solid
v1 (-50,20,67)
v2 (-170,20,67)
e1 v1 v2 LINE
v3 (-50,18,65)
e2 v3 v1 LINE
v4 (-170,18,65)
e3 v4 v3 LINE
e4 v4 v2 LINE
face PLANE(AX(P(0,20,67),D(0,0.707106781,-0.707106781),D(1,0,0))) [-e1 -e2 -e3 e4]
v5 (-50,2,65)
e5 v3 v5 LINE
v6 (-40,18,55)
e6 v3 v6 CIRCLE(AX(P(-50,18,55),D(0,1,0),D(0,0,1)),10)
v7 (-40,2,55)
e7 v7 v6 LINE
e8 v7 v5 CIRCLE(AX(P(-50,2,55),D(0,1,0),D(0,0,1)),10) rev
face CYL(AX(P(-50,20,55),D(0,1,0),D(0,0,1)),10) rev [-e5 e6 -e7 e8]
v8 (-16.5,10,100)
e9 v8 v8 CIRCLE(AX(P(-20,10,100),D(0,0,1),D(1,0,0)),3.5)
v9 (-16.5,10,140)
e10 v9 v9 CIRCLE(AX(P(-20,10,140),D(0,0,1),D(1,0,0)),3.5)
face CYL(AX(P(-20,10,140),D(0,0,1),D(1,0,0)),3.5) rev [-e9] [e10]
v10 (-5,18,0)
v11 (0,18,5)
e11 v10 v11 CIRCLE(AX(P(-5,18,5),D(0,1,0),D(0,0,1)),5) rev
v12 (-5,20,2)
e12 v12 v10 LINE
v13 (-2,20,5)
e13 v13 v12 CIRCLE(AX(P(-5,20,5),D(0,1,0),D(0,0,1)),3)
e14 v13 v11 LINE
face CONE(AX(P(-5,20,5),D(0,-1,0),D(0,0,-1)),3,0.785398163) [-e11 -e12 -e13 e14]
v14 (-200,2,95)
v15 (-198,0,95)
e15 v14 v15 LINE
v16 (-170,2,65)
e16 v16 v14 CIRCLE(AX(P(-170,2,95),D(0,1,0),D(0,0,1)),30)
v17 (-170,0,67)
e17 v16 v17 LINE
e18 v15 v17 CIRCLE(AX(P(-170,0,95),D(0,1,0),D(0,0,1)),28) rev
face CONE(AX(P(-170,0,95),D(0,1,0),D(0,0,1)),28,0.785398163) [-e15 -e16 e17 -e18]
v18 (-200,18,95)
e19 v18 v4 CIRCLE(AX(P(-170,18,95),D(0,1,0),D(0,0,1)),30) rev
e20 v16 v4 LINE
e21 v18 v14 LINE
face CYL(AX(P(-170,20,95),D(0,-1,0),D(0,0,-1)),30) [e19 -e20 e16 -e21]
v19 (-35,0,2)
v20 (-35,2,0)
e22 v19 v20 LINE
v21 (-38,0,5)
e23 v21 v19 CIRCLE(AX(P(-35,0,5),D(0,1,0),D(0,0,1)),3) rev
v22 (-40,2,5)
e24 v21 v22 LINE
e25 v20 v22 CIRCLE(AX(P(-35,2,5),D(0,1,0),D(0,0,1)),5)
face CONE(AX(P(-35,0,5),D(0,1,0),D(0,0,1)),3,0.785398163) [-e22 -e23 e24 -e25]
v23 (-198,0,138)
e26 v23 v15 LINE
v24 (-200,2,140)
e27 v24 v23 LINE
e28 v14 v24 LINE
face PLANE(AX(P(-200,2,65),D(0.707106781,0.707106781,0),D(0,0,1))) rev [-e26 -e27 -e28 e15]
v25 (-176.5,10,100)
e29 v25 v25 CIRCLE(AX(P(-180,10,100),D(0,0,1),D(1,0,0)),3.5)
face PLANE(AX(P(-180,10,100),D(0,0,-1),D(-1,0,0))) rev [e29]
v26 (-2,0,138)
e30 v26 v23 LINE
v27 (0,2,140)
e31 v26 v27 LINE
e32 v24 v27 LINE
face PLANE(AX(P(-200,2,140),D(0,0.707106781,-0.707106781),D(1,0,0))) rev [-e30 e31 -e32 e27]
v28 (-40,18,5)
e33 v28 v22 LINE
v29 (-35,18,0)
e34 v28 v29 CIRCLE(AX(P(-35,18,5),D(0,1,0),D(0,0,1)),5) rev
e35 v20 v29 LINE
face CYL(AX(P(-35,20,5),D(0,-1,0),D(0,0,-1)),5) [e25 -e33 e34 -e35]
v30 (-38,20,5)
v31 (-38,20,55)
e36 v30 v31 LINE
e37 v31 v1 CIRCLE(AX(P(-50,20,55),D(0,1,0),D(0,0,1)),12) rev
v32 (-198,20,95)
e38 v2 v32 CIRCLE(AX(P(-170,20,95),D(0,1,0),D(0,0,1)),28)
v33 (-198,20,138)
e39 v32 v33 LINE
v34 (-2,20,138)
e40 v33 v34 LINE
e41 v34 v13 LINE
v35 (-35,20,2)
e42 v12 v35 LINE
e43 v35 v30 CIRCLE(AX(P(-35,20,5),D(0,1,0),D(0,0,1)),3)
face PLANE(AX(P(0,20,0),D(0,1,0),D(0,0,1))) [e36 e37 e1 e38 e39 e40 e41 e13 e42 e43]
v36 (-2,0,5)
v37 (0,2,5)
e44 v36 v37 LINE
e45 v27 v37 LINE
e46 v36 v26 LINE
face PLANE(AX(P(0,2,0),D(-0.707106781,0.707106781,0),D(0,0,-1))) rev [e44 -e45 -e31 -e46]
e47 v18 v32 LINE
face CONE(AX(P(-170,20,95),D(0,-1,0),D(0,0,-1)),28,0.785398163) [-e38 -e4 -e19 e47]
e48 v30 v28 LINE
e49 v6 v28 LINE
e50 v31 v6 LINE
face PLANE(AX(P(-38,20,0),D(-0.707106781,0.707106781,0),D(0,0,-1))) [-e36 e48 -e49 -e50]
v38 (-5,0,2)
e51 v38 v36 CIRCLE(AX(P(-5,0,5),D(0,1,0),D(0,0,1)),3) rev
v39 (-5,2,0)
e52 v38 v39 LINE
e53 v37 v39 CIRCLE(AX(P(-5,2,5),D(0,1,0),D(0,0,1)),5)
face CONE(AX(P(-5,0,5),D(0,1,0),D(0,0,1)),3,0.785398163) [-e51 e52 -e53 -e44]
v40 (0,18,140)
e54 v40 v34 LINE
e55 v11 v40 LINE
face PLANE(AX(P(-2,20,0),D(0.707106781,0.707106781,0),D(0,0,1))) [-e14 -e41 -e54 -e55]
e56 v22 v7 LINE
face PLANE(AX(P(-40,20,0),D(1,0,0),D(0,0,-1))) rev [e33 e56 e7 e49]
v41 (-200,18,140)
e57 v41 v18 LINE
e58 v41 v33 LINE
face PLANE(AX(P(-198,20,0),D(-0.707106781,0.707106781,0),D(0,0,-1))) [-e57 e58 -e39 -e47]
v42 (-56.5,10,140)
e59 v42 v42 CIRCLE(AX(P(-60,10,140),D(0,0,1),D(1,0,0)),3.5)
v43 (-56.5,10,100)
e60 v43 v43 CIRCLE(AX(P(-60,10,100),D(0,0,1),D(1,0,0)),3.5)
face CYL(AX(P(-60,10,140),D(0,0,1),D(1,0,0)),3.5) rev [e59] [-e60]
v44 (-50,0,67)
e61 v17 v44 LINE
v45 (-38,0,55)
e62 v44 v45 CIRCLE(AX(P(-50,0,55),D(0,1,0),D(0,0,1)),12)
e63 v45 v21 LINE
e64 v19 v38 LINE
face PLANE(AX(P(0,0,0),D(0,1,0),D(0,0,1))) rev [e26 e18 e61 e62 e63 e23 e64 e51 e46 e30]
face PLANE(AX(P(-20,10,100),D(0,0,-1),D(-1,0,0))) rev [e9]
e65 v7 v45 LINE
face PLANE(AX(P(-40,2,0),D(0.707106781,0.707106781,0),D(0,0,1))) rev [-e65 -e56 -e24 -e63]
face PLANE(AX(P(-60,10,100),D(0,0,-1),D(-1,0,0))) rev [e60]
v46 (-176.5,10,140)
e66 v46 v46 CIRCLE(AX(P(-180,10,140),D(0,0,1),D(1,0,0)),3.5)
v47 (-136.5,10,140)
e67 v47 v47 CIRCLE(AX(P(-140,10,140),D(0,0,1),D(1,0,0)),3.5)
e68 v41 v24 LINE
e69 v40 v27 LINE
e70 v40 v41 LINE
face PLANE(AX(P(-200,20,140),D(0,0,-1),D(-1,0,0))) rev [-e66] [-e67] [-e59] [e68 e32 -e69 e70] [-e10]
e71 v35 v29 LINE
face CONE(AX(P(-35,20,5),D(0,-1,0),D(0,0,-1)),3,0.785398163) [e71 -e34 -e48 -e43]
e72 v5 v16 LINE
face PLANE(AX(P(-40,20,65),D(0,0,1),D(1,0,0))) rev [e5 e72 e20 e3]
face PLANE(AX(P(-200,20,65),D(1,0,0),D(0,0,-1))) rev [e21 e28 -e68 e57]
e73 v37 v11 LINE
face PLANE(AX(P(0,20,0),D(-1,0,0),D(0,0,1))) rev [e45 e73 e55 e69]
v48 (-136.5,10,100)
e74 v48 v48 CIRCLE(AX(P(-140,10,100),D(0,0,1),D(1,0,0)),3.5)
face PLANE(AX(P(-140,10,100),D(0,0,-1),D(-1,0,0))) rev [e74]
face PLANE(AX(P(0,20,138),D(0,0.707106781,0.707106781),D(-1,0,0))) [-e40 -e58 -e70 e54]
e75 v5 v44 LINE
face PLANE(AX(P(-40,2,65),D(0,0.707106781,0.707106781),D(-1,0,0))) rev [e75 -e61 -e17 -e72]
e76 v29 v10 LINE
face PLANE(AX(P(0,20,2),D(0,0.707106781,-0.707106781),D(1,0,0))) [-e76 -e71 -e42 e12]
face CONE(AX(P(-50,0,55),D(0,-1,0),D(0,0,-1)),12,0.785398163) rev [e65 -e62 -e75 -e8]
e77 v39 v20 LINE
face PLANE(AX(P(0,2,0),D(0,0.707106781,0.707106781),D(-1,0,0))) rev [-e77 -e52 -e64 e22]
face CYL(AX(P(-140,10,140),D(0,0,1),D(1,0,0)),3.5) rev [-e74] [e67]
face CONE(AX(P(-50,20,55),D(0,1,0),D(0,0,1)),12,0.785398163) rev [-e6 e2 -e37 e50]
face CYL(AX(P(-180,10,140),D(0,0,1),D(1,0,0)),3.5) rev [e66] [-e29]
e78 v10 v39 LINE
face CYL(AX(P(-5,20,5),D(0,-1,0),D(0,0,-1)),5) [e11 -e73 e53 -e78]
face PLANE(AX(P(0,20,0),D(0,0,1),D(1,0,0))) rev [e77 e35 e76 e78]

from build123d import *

# Parameters (mm, degrees)
BOSS_EXTRUDE1_DEPTH      = 20
FILLET1_R                = 10
M6_CLEARANCE_HOLE1_D     = 7
M6_CLEARANCE_HOLE1_DEPTH = 40
FILLET2_R                = 5
FILLET3_R                = 30
CHAMFER1_SIZE            = 2


with BuildPart() as part:
    # Sketch1 → Boss-Extrude1 (new body)
    with BuildSketch(Plane(origin=(0, 0, 0), x_dir=(1, 0, 0), z_dir=(0, 1, 0))):
        Polygon((0, 0), (0, -140), (-200, -140), (-200, -65), (-40, -65), (-40, 0), align=None)
    extrude(amount=BOSS_EXTRUDE1_DEPTH)

    # Fillet1
    fillet1_edges = [part.edges().sort_by_distance(p)[0] for p in [
        (-40, 10, 65),
    ]]
    fillet(fillet1_edges, radius=FILLET1_R)

    # M6 Clearance Hole1
    with Locations(Plane(origin=(10895.274804619, -492.997703293, 140), x_dir=(1, 0, 0), z_dir=(0, 0, 1))):
        with Locations((-11075.274804618, 502.997703293), (-11035.274804618, 502.997703293), (-10955.274804618, 502.997703293), (-10915.274804618, 502.997703293)):
            Hole(M6_CLEARANCE_HOLE1_D / 2, depth=M6_CLEARANCE_HOLE1_DEPTH)

    # Fillet2
    fillet2_edges = [part.edges().sort_by_distance(p)[0] for p in [
        (0, 10, 0),
        (-40, 10, 0),
    ]]
    fillet(fillet2_edges, radius=FILLET2_R)

    # Fillet3
    fillet3_edges = [part.edges().sort_by_distance(p)[0] for p in [
        (-200, 10, 65),
    ]]
    fillet(fillet3_edges, radius=FILLET3_R)

    # Chamfer1
    chamfer1_edges = [part.edges().sort_by_distance(p)[0] for p in [
        (-110, 0, 65),
        (-110, 20, 65),
        (-100, 20, 140),
        (-42.928932188, 0, 62.071067812),
        (-42.928932188, 20, 62.071067812),
        (0, 20, 72.5),
        (-20, 0, 0),
        (-20, 20, 0),
        (-40, 0, 30),
        (-38.535533906, 0, 1.464466094),
        (-1.464466094, 0, 1.464466094),
        (-40, 20, 30),
        (-38.535533906, 20, 1.464466094),
        (-1.464466094, 20, 1.464466094),
        (-200, 0, 117.5),
        (-200, 20, 117.5),
        (-191.213203436, 0, 73.786796564),
        (-191.213203436, 20, 73.786796564),
        (0, 0, 72.5),
        (-100, 0, 140),
    ]]
    chamfer(chamfer1_edges, length=CHAMFER1_SIZE)


solid = part.part
